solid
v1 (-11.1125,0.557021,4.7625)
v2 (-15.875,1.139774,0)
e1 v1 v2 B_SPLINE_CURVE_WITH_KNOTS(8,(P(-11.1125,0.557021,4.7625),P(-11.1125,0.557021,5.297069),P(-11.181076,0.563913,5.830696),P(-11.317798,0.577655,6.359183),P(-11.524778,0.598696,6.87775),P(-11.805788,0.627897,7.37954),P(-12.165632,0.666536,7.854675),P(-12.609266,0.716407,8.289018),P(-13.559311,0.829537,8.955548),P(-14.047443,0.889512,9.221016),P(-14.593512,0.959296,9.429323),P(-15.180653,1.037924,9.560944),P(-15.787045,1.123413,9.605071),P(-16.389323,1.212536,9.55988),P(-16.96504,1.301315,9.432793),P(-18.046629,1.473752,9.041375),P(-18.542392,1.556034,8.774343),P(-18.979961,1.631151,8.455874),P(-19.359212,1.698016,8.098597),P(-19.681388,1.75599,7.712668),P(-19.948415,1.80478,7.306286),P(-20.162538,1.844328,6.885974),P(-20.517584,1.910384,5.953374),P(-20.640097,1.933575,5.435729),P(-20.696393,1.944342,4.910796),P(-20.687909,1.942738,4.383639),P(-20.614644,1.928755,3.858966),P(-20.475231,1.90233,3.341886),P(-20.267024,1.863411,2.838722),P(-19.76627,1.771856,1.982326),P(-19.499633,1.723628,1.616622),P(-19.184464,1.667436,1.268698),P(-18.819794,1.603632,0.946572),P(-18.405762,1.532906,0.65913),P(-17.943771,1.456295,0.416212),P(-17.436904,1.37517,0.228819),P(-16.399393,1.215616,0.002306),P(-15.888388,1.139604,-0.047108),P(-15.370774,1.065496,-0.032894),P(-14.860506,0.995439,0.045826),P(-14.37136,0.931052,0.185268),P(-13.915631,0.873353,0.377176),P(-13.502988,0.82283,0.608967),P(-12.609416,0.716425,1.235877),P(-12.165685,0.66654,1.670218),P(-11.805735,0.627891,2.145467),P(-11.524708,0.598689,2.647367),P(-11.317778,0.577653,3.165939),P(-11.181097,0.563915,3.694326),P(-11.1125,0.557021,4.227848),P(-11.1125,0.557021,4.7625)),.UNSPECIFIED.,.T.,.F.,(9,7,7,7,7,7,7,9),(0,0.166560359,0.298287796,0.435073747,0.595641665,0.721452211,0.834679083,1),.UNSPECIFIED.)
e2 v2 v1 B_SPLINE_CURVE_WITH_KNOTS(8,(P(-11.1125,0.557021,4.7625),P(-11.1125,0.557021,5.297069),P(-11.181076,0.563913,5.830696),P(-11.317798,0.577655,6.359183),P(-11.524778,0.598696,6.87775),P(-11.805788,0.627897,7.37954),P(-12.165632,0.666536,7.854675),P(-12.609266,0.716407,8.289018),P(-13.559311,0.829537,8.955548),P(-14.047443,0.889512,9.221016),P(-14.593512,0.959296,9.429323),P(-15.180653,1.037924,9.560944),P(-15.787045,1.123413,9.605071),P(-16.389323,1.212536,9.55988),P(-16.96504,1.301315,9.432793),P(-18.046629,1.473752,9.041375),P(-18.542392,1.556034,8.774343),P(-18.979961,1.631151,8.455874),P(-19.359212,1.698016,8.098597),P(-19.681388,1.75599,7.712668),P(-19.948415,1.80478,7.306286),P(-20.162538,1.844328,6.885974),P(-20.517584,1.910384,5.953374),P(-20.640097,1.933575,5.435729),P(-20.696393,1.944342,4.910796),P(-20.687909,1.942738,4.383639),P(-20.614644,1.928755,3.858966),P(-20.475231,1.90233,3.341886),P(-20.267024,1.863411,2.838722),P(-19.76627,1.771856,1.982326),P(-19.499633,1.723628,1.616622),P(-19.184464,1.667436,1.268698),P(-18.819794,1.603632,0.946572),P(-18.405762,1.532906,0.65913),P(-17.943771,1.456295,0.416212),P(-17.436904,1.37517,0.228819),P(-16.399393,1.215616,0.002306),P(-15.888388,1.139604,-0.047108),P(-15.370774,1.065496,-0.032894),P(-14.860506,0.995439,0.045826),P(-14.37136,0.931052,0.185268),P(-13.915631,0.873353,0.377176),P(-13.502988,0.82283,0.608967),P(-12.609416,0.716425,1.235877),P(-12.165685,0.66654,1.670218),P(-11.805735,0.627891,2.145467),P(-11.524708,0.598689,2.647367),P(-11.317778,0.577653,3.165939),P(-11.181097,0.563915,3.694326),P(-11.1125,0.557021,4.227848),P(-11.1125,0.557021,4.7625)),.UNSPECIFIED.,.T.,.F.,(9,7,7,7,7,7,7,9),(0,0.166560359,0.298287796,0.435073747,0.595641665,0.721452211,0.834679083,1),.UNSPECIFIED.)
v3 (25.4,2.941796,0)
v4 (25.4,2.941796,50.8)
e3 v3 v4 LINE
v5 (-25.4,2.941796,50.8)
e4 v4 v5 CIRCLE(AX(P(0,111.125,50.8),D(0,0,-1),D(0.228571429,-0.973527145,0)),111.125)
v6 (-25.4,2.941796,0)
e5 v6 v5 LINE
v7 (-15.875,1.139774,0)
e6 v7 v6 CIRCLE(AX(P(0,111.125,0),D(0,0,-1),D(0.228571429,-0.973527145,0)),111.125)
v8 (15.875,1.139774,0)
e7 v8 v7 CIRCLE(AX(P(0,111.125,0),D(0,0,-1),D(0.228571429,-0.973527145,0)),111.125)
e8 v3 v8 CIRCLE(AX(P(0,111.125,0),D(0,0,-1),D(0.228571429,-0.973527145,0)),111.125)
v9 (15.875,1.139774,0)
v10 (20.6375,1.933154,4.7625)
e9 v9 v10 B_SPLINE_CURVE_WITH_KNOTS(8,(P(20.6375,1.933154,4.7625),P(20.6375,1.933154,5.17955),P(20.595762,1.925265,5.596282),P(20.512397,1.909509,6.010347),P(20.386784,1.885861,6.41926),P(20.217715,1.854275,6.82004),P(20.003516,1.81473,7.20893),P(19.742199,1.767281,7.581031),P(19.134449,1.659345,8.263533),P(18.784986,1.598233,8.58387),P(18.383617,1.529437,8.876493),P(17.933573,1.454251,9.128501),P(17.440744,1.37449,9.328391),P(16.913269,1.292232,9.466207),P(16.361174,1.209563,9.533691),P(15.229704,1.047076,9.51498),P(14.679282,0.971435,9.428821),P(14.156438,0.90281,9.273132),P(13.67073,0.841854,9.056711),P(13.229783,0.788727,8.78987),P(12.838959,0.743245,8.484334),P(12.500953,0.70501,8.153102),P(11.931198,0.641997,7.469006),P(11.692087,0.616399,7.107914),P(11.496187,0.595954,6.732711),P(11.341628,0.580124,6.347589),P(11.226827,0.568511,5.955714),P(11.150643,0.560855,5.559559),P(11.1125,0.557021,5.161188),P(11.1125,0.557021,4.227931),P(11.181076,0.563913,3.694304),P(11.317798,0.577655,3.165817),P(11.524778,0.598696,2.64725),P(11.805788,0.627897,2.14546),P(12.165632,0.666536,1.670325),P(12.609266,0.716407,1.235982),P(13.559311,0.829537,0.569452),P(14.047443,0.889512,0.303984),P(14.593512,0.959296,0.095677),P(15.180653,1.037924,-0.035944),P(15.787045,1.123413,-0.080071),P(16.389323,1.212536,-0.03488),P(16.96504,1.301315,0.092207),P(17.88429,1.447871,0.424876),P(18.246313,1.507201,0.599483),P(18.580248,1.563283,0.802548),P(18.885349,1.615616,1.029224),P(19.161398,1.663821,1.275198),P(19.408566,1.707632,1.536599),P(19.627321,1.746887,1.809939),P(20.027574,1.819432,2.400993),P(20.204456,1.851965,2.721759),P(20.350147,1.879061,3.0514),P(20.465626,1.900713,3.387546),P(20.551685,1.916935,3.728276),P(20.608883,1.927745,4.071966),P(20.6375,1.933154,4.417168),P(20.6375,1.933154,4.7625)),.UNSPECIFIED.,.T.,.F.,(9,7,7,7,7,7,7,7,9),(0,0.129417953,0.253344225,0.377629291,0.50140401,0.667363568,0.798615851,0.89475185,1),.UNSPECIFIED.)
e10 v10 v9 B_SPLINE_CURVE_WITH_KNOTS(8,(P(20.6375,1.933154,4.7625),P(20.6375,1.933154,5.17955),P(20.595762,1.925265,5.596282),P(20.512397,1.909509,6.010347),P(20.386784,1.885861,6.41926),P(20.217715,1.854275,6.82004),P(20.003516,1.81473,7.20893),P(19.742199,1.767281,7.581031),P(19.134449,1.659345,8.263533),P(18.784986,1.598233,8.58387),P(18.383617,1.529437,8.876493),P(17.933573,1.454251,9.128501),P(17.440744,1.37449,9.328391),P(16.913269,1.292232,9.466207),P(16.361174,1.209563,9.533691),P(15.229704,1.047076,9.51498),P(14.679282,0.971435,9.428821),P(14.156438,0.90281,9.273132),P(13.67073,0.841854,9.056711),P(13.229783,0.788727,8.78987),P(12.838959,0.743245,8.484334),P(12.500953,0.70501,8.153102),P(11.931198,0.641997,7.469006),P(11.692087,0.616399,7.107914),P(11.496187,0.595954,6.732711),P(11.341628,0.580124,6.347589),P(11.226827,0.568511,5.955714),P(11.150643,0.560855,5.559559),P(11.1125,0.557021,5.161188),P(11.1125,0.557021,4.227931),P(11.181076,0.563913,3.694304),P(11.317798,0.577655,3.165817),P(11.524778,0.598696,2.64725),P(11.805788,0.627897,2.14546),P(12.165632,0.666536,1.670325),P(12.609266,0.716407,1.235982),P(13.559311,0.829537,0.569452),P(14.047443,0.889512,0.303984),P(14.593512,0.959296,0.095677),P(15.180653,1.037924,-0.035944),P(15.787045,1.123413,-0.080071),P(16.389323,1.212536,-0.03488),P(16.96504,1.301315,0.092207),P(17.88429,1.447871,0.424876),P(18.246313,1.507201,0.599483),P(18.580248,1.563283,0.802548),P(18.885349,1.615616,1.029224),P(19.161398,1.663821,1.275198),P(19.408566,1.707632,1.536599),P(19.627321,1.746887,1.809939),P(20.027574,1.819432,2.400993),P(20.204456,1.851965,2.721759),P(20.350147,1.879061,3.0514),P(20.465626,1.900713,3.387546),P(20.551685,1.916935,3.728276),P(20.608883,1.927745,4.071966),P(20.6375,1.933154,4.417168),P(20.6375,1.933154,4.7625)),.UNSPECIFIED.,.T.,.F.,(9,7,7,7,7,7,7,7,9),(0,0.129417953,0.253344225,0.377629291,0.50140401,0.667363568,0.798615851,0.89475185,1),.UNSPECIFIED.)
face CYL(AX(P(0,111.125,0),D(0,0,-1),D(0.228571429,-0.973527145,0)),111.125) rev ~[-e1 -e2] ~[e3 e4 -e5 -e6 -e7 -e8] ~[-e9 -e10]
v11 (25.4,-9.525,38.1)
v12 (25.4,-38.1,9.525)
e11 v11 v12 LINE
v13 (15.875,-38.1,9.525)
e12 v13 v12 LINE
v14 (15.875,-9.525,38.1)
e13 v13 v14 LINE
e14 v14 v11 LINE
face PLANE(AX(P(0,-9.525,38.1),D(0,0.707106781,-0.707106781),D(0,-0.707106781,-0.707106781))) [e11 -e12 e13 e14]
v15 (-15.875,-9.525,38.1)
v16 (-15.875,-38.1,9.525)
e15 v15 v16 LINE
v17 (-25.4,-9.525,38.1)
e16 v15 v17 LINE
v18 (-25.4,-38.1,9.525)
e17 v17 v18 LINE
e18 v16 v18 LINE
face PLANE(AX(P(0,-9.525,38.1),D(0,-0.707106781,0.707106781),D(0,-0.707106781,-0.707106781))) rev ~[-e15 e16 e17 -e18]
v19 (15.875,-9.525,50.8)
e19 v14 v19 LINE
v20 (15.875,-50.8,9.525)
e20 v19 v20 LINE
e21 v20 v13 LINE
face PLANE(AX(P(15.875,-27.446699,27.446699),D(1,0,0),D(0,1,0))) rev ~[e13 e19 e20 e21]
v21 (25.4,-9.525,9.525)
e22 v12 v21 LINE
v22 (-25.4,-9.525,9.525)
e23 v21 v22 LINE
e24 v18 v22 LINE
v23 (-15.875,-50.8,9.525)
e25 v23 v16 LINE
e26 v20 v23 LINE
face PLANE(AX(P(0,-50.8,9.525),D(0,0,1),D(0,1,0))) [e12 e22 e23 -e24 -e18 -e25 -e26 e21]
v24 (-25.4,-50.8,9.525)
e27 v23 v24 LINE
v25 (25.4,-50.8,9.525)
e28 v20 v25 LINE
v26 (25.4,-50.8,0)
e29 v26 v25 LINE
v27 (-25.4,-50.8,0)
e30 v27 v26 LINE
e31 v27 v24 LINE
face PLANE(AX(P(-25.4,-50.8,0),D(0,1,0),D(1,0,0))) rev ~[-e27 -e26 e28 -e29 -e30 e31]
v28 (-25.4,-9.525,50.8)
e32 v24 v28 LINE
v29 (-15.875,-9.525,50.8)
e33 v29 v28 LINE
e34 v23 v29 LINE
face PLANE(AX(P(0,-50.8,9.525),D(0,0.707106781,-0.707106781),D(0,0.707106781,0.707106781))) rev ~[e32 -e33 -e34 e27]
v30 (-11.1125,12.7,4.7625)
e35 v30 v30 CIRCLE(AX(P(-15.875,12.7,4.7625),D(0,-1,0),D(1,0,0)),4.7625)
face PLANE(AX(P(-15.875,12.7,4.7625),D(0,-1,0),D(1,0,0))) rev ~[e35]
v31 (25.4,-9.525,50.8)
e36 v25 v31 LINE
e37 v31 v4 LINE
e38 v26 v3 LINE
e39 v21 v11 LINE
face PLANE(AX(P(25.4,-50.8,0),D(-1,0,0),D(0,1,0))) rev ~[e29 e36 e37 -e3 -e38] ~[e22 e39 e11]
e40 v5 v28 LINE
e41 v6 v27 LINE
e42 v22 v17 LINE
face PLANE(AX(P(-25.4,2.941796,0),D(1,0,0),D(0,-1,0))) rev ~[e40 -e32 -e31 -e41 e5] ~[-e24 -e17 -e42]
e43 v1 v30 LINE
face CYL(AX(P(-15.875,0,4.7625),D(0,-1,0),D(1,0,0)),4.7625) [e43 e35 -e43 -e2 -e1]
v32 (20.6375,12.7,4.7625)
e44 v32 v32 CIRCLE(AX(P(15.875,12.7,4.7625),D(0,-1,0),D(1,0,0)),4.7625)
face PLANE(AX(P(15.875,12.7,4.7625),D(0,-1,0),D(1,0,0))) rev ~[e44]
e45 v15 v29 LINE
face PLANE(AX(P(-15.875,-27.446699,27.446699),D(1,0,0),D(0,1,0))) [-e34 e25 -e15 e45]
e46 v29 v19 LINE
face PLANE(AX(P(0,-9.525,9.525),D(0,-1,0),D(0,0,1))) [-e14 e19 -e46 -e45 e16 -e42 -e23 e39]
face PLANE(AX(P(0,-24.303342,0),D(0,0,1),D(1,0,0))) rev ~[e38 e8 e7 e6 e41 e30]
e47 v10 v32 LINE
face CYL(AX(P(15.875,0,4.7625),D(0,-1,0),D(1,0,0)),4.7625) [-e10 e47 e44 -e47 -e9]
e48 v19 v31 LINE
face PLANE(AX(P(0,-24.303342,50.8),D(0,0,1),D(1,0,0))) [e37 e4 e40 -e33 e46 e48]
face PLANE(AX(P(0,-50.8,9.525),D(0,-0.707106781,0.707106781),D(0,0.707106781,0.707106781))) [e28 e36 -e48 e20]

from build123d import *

# Parameters (mm, degrees)
F1_DEPTH      = 50.8
F3_DEPTH      = 15.875
F3_DEPTH_BACK = 15.875
F4_DEPTH      = 25.4
F4_DEPTH_BACK = 25.4
F5_R          = 4.7625
F6_DEPTH      = 12.7


with BuildPart() as f1:
    # F0 (on Top) → F1 (new body)
    with BuildSketch(Plane.XY):
        with BuildLine():
            Line((-25.4, -50.8), (25.4, -50.8))
            Line((25.4, -50.8), (25.4, 2.9417960125))
            ThreePointArc((25.4, 2.9417960125), (0, 0), (-25.4, 2.9417960125))
            Line((-25.4, 2.9417960125), (-25.4, -50.8))
        make_face()
    extrude(amount=F1_DEPTH)

    # F2 (on Right) → F3 (cut, two sides)
    with BuildSketch(Plane.YZ) as f3_sk:
        Polygon((-9.525, 50.8), (-50.8, 9.525), (-38.1, 9.525), (-9.525, 38.1), align=None)
        Polygon((-9.525, 38.1), (-38.1, 9.525), (-9.525, 9.525), align=None)
        Polygon((-50.8, 50.8), (-50.8, 9.525), (-9.525, 50.8), align=None)
    extrude(amount=F3_DEPTH, mode=Mode.SUBTRACT)
    extrude(f3_sk.sketch, amount=-F3_DEPTH_BACK, mode=Mode.SUBTRACT)

    # F2 (on Right) → F4 (cut, two sides)
    with BuildSketch(Plane.YZ) as f4_sk:
        Polygon((-9.525, 38.1), (-38.1, 9.525), (-9.525, 9.525), align=None)
        Polygon((-50.8, 50.8), (-50.8, 9.525), (-9.525, 50.8), align=None)
    extrude(amount=-F4_DEPTH, mode=Mode.SUBTRACT)
    extrude(f4_sk.sketch, amount=F4_DEPTH_BACK, mode=Mode.SUBTRACT)

    # F5 (on Front) → F6 (join)
    with BuildSketch(Plane.XZ):
        with Locations((-15.875, 4.7625)):
            Circle(F5_R)
        with Locations((15.875, 4.7625)):
            Circle(F5_R)
    extrude(amount=-F6_DEPTH)


solid = f1.part
